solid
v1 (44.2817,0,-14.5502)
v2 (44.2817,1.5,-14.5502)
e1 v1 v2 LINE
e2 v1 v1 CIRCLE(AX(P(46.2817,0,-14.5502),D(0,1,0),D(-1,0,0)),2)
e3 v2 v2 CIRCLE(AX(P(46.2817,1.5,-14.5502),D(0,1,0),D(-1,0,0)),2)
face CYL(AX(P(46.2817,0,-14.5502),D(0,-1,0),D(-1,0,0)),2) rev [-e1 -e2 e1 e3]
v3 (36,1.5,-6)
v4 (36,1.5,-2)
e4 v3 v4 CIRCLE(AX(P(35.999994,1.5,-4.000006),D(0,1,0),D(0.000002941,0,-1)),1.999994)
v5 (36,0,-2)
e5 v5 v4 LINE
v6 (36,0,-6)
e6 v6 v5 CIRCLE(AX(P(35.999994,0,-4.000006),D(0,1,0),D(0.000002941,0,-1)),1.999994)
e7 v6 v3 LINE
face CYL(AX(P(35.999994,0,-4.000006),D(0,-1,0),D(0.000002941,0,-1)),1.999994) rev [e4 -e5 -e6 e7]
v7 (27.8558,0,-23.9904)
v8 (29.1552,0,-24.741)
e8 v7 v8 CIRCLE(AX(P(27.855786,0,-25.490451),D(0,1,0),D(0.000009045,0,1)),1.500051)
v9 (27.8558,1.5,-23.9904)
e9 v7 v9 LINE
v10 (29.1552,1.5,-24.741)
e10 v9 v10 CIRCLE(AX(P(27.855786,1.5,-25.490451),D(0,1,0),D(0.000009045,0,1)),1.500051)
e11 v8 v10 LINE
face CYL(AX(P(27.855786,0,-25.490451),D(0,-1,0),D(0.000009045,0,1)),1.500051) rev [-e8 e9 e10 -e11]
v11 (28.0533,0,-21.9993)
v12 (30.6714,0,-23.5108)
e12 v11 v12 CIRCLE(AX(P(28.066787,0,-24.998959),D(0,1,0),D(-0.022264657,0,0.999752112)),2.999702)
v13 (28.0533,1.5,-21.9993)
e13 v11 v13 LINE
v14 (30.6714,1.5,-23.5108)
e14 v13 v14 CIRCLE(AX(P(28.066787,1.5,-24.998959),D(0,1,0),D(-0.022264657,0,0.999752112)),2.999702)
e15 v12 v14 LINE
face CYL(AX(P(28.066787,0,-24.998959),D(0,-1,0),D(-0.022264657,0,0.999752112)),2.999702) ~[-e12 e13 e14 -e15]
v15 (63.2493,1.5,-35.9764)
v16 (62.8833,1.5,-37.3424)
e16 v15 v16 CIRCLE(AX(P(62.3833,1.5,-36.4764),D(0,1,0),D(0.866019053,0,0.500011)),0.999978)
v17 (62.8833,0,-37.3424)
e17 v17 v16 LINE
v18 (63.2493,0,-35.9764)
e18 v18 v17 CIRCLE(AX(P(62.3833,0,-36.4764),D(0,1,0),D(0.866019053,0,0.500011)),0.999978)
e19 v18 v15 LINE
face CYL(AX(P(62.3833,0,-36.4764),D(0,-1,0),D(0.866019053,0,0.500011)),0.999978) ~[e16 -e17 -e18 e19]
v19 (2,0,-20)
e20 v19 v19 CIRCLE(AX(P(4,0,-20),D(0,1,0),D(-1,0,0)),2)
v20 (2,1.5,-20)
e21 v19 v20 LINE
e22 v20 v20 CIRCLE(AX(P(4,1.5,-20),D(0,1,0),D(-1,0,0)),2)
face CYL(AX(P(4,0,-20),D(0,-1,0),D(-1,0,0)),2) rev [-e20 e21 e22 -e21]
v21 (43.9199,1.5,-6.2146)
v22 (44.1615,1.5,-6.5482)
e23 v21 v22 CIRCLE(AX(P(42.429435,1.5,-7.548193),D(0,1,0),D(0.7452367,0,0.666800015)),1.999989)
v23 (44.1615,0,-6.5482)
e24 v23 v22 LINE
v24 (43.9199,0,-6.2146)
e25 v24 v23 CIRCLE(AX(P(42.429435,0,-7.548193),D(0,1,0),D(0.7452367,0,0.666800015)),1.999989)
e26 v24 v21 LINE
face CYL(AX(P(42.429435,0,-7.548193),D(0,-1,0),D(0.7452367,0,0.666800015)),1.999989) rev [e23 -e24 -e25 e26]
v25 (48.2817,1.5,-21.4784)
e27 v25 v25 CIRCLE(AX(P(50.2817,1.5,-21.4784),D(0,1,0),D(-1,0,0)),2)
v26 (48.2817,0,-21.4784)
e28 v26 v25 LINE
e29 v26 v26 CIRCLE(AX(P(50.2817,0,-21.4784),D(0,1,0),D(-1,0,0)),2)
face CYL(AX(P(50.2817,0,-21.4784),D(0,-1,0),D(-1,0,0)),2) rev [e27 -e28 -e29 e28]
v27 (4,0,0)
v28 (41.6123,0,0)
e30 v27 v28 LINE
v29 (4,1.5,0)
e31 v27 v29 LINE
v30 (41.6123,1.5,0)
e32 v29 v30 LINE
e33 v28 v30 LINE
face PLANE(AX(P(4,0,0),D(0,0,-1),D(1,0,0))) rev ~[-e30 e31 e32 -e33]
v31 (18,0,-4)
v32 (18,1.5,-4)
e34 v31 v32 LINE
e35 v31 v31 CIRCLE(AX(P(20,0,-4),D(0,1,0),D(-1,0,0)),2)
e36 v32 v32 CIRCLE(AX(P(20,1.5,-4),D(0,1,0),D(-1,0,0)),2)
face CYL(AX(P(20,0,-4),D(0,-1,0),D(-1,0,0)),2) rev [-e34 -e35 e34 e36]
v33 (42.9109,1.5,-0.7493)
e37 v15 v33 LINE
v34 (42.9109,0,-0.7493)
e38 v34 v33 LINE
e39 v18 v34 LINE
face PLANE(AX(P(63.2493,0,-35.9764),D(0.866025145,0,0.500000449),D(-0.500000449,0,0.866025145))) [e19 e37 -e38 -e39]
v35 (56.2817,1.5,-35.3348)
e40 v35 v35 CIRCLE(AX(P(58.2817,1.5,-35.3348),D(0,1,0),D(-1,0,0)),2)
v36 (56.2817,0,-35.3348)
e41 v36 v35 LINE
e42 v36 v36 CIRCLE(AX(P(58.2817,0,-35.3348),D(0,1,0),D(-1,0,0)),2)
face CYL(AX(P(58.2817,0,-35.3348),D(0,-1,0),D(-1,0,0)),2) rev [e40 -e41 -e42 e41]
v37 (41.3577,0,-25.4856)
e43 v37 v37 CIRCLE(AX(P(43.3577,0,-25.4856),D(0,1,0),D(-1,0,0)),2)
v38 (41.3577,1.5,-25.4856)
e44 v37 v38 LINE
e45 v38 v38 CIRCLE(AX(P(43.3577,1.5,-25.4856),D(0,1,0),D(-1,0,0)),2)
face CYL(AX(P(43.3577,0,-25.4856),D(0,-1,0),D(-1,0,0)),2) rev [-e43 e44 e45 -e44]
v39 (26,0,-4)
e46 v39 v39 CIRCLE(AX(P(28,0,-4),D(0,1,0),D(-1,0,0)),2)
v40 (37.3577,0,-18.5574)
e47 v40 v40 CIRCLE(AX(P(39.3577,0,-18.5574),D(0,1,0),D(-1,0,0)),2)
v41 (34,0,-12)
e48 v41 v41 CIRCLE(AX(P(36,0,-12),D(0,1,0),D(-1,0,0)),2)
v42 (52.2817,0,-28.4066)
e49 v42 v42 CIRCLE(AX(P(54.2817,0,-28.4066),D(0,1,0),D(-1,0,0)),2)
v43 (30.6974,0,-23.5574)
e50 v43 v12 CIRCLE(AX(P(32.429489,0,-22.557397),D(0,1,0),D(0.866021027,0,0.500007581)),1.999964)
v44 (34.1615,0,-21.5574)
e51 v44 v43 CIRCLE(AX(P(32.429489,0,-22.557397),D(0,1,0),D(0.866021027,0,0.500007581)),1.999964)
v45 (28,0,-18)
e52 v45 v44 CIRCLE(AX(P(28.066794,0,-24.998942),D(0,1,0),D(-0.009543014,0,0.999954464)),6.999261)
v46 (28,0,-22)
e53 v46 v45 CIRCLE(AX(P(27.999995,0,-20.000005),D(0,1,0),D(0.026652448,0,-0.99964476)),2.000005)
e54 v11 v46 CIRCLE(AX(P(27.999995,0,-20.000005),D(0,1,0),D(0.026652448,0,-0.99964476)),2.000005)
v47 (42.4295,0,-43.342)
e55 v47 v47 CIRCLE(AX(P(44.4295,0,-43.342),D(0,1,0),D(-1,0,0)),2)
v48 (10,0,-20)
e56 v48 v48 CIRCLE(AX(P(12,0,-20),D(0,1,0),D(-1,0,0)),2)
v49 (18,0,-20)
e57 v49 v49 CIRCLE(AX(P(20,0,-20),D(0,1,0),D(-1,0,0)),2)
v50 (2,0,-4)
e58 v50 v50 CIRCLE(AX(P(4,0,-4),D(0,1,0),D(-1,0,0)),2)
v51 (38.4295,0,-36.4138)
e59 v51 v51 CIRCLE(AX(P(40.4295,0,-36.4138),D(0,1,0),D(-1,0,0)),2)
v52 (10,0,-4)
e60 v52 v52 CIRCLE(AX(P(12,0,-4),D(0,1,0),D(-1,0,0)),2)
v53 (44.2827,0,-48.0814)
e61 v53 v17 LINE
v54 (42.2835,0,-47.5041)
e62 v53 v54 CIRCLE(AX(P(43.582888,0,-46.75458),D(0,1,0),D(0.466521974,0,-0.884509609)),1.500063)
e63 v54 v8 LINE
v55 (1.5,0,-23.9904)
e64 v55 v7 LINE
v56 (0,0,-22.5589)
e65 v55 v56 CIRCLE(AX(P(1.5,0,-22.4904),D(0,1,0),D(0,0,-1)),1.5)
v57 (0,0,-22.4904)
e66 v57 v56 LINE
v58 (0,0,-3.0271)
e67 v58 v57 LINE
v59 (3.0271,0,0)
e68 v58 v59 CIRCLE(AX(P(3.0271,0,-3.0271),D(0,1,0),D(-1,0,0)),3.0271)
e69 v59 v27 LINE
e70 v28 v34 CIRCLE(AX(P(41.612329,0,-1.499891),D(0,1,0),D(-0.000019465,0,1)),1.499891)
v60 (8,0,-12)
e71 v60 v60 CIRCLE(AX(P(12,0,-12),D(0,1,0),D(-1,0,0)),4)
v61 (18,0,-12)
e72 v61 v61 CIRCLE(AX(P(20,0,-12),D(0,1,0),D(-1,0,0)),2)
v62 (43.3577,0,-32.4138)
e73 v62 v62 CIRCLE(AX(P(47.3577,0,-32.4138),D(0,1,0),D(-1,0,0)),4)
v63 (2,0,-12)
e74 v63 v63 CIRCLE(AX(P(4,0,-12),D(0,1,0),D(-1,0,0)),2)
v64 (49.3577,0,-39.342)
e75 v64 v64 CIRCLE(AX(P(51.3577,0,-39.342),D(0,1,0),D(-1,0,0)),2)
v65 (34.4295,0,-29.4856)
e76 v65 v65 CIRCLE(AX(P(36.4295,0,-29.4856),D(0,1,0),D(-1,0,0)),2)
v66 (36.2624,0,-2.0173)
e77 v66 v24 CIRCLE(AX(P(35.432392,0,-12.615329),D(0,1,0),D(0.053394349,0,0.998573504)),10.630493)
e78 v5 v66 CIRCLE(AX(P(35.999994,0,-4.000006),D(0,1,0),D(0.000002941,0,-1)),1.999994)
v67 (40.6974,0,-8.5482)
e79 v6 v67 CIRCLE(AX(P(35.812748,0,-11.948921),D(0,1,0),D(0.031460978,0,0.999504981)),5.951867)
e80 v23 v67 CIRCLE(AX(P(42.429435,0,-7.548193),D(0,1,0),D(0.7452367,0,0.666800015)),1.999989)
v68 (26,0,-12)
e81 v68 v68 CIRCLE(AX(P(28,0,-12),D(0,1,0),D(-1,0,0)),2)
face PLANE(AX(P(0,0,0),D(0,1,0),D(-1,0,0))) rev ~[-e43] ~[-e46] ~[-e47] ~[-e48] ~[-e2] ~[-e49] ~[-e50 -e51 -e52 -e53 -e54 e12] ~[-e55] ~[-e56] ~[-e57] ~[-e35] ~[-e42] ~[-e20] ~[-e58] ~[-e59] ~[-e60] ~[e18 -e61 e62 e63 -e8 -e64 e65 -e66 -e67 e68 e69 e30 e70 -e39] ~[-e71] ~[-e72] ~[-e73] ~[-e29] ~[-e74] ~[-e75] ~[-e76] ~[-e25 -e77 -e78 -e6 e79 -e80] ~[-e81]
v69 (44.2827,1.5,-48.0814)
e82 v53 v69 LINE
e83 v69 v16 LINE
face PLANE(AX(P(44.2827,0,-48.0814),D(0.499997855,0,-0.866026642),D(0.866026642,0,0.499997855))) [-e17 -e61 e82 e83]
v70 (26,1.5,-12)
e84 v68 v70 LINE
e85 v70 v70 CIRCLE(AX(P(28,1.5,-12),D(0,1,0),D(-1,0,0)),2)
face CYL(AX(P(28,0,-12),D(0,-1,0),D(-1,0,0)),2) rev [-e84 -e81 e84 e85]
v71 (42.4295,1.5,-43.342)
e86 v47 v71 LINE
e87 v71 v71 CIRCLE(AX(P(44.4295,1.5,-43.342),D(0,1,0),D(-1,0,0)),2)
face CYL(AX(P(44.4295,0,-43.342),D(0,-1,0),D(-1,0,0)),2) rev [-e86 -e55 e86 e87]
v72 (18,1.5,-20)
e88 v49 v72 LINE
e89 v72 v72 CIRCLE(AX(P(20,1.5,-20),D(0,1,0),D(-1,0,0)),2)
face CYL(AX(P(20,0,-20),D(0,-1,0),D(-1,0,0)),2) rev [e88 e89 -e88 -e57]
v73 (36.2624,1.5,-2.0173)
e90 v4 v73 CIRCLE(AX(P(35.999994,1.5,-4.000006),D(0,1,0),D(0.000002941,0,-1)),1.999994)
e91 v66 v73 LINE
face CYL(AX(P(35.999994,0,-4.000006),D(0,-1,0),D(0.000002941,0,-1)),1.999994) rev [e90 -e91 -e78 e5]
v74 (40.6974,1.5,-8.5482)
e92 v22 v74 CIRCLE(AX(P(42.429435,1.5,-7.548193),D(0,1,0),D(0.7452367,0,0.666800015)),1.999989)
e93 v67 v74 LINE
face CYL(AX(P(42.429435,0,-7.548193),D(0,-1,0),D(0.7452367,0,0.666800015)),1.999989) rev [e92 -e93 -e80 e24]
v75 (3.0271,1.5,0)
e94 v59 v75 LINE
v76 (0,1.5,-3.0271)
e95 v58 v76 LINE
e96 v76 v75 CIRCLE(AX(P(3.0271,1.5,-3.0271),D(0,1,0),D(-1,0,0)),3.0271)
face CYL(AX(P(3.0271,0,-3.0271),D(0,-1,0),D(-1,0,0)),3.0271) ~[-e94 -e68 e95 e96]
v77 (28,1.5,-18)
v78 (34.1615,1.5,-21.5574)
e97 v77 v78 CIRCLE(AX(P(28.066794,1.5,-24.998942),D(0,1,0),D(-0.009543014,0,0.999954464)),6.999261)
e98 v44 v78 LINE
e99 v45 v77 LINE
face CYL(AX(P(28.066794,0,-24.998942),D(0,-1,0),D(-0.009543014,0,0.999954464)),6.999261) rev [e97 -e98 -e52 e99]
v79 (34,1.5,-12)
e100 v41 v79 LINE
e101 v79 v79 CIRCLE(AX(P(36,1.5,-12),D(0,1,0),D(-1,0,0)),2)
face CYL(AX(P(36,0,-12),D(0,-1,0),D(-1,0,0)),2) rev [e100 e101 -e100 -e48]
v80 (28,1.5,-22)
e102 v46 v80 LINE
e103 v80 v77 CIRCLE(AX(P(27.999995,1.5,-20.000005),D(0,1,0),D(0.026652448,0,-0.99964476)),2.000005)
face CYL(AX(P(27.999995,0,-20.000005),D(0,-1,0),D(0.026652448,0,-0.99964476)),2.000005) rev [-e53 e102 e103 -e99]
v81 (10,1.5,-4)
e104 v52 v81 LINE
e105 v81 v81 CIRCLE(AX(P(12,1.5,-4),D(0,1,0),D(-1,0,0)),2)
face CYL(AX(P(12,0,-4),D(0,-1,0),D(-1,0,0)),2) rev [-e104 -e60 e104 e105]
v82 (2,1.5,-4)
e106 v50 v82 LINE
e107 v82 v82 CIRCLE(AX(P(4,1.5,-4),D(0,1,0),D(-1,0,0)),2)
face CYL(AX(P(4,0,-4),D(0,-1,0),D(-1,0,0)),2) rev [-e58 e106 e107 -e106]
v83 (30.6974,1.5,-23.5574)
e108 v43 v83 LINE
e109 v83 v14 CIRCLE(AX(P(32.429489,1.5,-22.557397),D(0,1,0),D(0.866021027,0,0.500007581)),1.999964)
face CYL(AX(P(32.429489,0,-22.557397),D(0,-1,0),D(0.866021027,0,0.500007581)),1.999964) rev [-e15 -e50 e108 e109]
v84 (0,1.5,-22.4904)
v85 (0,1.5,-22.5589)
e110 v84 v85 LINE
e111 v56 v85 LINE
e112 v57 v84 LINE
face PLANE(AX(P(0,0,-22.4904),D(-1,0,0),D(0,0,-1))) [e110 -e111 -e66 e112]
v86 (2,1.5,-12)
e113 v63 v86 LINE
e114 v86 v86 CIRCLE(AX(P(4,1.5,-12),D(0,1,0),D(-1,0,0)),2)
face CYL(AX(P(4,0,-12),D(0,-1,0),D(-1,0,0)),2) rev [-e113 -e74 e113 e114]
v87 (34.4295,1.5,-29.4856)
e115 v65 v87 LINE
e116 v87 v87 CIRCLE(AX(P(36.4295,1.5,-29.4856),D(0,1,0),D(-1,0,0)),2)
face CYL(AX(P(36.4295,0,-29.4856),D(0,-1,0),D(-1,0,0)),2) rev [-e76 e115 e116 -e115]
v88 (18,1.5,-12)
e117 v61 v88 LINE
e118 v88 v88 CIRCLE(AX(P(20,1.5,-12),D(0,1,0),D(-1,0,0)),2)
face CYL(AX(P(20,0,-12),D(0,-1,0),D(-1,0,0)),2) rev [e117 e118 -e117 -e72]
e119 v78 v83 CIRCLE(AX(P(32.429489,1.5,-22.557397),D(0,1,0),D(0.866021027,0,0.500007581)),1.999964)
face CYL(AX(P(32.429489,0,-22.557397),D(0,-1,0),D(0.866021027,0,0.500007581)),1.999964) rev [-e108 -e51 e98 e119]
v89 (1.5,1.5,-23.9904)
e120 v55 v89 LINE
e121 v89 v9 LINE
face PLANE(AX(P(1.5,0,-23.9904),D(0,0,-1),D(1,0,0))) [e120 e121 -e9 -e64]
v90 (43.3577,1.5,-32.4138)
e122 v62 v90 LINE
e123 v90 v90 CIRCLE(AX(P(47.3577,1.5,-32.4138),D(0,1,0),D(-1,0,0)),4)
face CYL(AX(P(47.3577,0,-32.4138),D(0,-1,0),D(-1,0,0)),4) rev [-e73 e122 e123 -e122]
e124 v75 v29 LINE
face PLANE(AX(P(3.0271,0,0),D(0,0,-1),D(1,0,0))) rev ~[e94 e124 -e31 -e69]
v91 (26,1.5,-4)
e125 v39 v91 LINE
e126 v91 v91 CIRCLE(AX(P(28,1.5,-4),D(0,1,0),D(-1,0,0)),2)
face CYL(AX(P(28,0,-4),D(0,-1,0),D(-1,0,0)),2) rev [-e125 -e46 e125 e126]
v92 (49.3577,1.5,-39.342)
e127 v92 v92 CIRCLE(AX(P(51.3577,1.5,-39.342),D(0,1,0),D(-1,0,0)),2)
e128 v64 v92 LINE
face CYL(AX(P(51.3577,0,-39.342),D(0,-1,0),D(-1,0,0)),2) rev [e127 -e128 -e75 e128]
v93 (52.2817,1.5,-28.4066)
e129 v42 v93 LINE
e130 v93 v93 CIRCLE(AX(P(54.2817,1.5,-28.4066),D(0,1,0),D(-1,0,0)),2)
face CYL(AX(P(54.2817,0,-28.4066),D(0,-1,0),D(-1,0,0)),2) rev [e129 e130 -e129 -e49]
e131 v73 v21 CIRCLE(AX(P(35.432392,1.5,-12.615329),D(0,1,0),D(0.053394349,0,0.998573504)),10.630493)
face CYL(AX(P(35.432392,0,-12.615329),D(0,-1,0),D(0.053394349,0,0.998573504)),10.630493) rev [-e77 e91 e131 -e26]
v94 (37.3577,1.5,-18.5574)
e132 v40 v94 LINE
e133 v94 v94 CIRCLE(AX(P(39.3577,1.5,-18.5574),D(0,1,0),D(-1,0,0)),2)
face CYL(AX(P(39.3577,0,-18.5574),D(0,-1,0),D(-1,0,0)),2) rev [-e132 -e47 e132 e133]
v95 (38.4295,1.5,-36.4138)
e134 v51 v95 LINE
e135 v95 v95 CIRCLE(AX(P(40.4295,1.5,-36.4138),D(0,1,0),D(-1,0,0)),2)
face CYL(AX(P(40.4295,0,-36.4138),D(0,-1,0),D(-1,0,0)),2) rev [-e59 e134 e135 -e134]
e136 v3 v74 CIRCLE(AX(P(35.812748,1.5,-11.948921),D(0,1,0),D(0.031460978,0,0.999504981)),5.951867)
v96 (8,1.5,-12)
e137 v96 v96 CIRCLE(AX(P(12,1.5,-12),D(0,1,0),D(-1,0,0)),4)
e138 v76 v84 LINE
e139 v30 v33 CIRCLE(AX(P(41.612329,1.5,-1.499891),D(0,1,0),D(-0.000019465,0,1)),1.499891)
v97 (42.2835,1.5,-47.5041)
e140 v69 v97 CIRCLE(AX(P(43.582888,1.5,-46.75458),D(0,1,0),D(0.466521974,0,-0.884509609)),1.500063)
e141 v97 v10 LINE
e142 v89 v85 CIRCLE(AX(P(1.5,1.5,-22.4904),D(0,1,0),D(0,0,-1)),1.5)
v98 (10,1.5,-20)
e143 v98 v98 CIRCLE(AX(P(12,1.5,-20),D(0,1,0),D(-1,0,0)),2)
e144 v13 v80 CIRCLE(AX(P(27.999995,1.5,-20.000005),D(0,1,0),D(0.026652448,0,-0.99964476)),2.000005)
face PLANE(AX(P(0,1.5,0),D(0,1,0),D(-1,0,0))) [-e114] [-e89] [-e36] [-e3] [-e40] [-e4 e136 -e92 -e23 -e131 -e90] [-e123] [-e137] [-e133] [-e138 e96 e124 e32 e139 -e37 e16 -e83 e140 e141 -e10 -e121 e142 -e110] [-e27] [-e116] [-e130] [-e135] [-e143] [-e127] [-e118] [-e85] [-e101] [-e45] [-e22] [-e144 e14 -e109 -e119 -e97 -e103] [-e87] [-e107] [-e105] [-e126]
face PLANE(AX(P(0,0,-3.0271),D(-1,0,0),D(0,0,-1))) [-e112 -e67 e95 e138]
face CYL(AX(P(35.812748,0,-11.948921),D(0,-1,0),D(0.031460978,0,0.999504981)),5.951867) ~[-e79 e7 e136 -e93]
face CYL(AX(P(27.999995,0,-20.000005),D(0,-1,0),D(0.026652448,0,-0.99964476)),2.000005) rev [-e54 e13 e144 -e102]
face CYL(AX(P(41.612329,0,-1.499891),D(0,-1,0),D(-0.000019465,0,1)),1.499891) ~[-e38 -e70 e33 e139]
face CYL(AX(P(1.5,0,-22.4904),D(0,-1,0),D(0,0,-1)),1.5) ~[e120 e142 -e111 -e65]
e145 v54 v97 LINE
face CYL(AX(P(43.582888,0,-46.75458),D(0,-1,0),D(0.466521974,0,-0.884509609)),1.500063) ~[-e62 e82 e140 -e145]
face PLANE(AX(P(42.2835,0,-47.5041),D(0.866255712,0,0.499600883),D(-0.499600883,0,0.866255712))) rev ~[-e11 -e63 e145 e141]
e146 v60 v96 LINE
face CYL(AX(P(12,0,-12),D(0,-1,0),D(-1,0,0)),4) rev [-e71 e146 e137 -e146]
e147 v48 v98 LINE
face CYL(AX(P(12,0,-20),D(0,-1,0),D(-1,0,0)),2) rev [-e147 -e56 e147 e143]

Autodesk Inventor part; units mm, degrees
sketch "Sketch1" plane through (0, 0, 0) normal (0, 1, 0) x (-1, 0, 0)
  line L0 (-3.0271, 0) -> (-41.6123, 0)
  line L1 (-42.4778, 0) -> (0, 0) construction
  line L2 (0, -3.0271) -> (0, -22.5589)
  line L3 (0, 0) -> (-4, 0)
  circle A0 centre (-4, -4) radius 2
  circle A1 centre (-4, -12) radius 2
  circle A2 centre (-4, -20) radius 2
  circle A3 centre (-12, -12) radius 4
  circle A4 centre (-12, -20) radius 2
  circle A5 centre (-20, -20) radius 2
  circle A6 centre (-20, -12) radius 2
  circle A7 centre (-12, -4) radius 2
  circle A8 centre (-20, -4) radius 2
  circle A9 centre (-28, -4) radius 2
  circle A10 centre (-28, -12) radius 2
  arc A11 (-28.0533, -21.9993) -> (-28, -18) centre (-28, -20) ccw
  arc A12 (-36, -6) -> (-36.2624, -2.0173) centre (-36, -4) ccw
  circle A13 centre (-36, -12) radius 2
  circle A14 centre (-36.4295, -29.4856) radius 2
  circle A15 centre (-40.4295, -36.4138) radius 2
  arc A16 (-34.1615, -21.5574) -> (-30.6714, -23.5108) centre (-32.4295, -22.5574) ccw
  arc A17 (-28, -22) -> (-30.6974, -23.5574) centre (-28.0667, -24.9993) ccw
  arc A18 (-28, -18) -> (-34.1615, -21.5574) centre (-28.0667, -24.9993) ccw
  circle A19 centre (-44.4295, -43.342) radius 2
  circle A20 centre (-51.3577, -39.342) radius 2
  circle A21 centre (-47.3577, -32.4138) radius 4
  circle A22 centre (-43.3577, -25.4856) radius 2
  circle A23 centre (-39.3577, -18.5574) radius 2
  arc A24 (-43.9199, -6.2146) -> (-40.6974, -8.5482) centre (-42.4295, -7.5482) ccw
  arc A25 (-36, -2) -> (-44.1615, -6.5482) centre (-35.4324, -12.6153) ccw
  arc A26 (-36, -6) -> (-40.6974, -8.5482) centre (-35.8127, -11.9491) ccw
  line L4 (0, -3.0271) -> (0, -22.4904)
  line L5 (-1.5, -23.9904) -> (-27.8558, -23.9904)
  line L6 (-42.2835, -47.5041) -> (-29.1552, -24.741)
  arc A27 (-27.8558, -23.9904) -> (-29.1552, -24.741) centre (-27.8558, -25.4904) ccw
  arc A28 (-44.2827, -48.0814) -> (-42.2835, -47.5041) centre (-43.5829, -46.7547) ccw
  arc A29 (-1.5, -23.9904) -> (0, -22.4904) centre (-1.5, -22.4904) ccw
  arc A30 (0, -3.0271) -> (-3.0271, 0) centre (-3.0271, -3.0271) ccw
  arc A31 (-41.6123, 0) -> (-42.9109, -0.7493) centre (-41.6123, -1.5) ccw
  arc A32 (-64.169, -37.5251) -> (-64.1463, -37.6038) centre (-64.1198, -37.5536) ccw
  circle A33 centre (-58.2817, -35.3348) radius 2
  circle A34 centre (-54.2817, -28.4066) radius 2
  circle A35 centre (-50.2817, -21.4784) radius 2
  line L7 (-42.9109, -0.7493) -> (-0.4781, -0.7493) construction
  line L8 (-44.2827, -48.0814) -> (-62.8833, -37.3424)
  line L9 (-63.2493, -35.9764) -> (-42.9109, -0.7493)
  arc A36 (-63.2493, -35.9764) -> (-62.8833, -37.3424) centre (-62.3833, -36.4764) ccw
  circle A37 centre (-46.2817, -14.5502) radius 2
  point P0 (0, 0)
  point P1 (0, -23.9904)
extrude "Extrusion1" add sketch "Sketch1" along normal blind 1.5
properties part number "bend plate"
